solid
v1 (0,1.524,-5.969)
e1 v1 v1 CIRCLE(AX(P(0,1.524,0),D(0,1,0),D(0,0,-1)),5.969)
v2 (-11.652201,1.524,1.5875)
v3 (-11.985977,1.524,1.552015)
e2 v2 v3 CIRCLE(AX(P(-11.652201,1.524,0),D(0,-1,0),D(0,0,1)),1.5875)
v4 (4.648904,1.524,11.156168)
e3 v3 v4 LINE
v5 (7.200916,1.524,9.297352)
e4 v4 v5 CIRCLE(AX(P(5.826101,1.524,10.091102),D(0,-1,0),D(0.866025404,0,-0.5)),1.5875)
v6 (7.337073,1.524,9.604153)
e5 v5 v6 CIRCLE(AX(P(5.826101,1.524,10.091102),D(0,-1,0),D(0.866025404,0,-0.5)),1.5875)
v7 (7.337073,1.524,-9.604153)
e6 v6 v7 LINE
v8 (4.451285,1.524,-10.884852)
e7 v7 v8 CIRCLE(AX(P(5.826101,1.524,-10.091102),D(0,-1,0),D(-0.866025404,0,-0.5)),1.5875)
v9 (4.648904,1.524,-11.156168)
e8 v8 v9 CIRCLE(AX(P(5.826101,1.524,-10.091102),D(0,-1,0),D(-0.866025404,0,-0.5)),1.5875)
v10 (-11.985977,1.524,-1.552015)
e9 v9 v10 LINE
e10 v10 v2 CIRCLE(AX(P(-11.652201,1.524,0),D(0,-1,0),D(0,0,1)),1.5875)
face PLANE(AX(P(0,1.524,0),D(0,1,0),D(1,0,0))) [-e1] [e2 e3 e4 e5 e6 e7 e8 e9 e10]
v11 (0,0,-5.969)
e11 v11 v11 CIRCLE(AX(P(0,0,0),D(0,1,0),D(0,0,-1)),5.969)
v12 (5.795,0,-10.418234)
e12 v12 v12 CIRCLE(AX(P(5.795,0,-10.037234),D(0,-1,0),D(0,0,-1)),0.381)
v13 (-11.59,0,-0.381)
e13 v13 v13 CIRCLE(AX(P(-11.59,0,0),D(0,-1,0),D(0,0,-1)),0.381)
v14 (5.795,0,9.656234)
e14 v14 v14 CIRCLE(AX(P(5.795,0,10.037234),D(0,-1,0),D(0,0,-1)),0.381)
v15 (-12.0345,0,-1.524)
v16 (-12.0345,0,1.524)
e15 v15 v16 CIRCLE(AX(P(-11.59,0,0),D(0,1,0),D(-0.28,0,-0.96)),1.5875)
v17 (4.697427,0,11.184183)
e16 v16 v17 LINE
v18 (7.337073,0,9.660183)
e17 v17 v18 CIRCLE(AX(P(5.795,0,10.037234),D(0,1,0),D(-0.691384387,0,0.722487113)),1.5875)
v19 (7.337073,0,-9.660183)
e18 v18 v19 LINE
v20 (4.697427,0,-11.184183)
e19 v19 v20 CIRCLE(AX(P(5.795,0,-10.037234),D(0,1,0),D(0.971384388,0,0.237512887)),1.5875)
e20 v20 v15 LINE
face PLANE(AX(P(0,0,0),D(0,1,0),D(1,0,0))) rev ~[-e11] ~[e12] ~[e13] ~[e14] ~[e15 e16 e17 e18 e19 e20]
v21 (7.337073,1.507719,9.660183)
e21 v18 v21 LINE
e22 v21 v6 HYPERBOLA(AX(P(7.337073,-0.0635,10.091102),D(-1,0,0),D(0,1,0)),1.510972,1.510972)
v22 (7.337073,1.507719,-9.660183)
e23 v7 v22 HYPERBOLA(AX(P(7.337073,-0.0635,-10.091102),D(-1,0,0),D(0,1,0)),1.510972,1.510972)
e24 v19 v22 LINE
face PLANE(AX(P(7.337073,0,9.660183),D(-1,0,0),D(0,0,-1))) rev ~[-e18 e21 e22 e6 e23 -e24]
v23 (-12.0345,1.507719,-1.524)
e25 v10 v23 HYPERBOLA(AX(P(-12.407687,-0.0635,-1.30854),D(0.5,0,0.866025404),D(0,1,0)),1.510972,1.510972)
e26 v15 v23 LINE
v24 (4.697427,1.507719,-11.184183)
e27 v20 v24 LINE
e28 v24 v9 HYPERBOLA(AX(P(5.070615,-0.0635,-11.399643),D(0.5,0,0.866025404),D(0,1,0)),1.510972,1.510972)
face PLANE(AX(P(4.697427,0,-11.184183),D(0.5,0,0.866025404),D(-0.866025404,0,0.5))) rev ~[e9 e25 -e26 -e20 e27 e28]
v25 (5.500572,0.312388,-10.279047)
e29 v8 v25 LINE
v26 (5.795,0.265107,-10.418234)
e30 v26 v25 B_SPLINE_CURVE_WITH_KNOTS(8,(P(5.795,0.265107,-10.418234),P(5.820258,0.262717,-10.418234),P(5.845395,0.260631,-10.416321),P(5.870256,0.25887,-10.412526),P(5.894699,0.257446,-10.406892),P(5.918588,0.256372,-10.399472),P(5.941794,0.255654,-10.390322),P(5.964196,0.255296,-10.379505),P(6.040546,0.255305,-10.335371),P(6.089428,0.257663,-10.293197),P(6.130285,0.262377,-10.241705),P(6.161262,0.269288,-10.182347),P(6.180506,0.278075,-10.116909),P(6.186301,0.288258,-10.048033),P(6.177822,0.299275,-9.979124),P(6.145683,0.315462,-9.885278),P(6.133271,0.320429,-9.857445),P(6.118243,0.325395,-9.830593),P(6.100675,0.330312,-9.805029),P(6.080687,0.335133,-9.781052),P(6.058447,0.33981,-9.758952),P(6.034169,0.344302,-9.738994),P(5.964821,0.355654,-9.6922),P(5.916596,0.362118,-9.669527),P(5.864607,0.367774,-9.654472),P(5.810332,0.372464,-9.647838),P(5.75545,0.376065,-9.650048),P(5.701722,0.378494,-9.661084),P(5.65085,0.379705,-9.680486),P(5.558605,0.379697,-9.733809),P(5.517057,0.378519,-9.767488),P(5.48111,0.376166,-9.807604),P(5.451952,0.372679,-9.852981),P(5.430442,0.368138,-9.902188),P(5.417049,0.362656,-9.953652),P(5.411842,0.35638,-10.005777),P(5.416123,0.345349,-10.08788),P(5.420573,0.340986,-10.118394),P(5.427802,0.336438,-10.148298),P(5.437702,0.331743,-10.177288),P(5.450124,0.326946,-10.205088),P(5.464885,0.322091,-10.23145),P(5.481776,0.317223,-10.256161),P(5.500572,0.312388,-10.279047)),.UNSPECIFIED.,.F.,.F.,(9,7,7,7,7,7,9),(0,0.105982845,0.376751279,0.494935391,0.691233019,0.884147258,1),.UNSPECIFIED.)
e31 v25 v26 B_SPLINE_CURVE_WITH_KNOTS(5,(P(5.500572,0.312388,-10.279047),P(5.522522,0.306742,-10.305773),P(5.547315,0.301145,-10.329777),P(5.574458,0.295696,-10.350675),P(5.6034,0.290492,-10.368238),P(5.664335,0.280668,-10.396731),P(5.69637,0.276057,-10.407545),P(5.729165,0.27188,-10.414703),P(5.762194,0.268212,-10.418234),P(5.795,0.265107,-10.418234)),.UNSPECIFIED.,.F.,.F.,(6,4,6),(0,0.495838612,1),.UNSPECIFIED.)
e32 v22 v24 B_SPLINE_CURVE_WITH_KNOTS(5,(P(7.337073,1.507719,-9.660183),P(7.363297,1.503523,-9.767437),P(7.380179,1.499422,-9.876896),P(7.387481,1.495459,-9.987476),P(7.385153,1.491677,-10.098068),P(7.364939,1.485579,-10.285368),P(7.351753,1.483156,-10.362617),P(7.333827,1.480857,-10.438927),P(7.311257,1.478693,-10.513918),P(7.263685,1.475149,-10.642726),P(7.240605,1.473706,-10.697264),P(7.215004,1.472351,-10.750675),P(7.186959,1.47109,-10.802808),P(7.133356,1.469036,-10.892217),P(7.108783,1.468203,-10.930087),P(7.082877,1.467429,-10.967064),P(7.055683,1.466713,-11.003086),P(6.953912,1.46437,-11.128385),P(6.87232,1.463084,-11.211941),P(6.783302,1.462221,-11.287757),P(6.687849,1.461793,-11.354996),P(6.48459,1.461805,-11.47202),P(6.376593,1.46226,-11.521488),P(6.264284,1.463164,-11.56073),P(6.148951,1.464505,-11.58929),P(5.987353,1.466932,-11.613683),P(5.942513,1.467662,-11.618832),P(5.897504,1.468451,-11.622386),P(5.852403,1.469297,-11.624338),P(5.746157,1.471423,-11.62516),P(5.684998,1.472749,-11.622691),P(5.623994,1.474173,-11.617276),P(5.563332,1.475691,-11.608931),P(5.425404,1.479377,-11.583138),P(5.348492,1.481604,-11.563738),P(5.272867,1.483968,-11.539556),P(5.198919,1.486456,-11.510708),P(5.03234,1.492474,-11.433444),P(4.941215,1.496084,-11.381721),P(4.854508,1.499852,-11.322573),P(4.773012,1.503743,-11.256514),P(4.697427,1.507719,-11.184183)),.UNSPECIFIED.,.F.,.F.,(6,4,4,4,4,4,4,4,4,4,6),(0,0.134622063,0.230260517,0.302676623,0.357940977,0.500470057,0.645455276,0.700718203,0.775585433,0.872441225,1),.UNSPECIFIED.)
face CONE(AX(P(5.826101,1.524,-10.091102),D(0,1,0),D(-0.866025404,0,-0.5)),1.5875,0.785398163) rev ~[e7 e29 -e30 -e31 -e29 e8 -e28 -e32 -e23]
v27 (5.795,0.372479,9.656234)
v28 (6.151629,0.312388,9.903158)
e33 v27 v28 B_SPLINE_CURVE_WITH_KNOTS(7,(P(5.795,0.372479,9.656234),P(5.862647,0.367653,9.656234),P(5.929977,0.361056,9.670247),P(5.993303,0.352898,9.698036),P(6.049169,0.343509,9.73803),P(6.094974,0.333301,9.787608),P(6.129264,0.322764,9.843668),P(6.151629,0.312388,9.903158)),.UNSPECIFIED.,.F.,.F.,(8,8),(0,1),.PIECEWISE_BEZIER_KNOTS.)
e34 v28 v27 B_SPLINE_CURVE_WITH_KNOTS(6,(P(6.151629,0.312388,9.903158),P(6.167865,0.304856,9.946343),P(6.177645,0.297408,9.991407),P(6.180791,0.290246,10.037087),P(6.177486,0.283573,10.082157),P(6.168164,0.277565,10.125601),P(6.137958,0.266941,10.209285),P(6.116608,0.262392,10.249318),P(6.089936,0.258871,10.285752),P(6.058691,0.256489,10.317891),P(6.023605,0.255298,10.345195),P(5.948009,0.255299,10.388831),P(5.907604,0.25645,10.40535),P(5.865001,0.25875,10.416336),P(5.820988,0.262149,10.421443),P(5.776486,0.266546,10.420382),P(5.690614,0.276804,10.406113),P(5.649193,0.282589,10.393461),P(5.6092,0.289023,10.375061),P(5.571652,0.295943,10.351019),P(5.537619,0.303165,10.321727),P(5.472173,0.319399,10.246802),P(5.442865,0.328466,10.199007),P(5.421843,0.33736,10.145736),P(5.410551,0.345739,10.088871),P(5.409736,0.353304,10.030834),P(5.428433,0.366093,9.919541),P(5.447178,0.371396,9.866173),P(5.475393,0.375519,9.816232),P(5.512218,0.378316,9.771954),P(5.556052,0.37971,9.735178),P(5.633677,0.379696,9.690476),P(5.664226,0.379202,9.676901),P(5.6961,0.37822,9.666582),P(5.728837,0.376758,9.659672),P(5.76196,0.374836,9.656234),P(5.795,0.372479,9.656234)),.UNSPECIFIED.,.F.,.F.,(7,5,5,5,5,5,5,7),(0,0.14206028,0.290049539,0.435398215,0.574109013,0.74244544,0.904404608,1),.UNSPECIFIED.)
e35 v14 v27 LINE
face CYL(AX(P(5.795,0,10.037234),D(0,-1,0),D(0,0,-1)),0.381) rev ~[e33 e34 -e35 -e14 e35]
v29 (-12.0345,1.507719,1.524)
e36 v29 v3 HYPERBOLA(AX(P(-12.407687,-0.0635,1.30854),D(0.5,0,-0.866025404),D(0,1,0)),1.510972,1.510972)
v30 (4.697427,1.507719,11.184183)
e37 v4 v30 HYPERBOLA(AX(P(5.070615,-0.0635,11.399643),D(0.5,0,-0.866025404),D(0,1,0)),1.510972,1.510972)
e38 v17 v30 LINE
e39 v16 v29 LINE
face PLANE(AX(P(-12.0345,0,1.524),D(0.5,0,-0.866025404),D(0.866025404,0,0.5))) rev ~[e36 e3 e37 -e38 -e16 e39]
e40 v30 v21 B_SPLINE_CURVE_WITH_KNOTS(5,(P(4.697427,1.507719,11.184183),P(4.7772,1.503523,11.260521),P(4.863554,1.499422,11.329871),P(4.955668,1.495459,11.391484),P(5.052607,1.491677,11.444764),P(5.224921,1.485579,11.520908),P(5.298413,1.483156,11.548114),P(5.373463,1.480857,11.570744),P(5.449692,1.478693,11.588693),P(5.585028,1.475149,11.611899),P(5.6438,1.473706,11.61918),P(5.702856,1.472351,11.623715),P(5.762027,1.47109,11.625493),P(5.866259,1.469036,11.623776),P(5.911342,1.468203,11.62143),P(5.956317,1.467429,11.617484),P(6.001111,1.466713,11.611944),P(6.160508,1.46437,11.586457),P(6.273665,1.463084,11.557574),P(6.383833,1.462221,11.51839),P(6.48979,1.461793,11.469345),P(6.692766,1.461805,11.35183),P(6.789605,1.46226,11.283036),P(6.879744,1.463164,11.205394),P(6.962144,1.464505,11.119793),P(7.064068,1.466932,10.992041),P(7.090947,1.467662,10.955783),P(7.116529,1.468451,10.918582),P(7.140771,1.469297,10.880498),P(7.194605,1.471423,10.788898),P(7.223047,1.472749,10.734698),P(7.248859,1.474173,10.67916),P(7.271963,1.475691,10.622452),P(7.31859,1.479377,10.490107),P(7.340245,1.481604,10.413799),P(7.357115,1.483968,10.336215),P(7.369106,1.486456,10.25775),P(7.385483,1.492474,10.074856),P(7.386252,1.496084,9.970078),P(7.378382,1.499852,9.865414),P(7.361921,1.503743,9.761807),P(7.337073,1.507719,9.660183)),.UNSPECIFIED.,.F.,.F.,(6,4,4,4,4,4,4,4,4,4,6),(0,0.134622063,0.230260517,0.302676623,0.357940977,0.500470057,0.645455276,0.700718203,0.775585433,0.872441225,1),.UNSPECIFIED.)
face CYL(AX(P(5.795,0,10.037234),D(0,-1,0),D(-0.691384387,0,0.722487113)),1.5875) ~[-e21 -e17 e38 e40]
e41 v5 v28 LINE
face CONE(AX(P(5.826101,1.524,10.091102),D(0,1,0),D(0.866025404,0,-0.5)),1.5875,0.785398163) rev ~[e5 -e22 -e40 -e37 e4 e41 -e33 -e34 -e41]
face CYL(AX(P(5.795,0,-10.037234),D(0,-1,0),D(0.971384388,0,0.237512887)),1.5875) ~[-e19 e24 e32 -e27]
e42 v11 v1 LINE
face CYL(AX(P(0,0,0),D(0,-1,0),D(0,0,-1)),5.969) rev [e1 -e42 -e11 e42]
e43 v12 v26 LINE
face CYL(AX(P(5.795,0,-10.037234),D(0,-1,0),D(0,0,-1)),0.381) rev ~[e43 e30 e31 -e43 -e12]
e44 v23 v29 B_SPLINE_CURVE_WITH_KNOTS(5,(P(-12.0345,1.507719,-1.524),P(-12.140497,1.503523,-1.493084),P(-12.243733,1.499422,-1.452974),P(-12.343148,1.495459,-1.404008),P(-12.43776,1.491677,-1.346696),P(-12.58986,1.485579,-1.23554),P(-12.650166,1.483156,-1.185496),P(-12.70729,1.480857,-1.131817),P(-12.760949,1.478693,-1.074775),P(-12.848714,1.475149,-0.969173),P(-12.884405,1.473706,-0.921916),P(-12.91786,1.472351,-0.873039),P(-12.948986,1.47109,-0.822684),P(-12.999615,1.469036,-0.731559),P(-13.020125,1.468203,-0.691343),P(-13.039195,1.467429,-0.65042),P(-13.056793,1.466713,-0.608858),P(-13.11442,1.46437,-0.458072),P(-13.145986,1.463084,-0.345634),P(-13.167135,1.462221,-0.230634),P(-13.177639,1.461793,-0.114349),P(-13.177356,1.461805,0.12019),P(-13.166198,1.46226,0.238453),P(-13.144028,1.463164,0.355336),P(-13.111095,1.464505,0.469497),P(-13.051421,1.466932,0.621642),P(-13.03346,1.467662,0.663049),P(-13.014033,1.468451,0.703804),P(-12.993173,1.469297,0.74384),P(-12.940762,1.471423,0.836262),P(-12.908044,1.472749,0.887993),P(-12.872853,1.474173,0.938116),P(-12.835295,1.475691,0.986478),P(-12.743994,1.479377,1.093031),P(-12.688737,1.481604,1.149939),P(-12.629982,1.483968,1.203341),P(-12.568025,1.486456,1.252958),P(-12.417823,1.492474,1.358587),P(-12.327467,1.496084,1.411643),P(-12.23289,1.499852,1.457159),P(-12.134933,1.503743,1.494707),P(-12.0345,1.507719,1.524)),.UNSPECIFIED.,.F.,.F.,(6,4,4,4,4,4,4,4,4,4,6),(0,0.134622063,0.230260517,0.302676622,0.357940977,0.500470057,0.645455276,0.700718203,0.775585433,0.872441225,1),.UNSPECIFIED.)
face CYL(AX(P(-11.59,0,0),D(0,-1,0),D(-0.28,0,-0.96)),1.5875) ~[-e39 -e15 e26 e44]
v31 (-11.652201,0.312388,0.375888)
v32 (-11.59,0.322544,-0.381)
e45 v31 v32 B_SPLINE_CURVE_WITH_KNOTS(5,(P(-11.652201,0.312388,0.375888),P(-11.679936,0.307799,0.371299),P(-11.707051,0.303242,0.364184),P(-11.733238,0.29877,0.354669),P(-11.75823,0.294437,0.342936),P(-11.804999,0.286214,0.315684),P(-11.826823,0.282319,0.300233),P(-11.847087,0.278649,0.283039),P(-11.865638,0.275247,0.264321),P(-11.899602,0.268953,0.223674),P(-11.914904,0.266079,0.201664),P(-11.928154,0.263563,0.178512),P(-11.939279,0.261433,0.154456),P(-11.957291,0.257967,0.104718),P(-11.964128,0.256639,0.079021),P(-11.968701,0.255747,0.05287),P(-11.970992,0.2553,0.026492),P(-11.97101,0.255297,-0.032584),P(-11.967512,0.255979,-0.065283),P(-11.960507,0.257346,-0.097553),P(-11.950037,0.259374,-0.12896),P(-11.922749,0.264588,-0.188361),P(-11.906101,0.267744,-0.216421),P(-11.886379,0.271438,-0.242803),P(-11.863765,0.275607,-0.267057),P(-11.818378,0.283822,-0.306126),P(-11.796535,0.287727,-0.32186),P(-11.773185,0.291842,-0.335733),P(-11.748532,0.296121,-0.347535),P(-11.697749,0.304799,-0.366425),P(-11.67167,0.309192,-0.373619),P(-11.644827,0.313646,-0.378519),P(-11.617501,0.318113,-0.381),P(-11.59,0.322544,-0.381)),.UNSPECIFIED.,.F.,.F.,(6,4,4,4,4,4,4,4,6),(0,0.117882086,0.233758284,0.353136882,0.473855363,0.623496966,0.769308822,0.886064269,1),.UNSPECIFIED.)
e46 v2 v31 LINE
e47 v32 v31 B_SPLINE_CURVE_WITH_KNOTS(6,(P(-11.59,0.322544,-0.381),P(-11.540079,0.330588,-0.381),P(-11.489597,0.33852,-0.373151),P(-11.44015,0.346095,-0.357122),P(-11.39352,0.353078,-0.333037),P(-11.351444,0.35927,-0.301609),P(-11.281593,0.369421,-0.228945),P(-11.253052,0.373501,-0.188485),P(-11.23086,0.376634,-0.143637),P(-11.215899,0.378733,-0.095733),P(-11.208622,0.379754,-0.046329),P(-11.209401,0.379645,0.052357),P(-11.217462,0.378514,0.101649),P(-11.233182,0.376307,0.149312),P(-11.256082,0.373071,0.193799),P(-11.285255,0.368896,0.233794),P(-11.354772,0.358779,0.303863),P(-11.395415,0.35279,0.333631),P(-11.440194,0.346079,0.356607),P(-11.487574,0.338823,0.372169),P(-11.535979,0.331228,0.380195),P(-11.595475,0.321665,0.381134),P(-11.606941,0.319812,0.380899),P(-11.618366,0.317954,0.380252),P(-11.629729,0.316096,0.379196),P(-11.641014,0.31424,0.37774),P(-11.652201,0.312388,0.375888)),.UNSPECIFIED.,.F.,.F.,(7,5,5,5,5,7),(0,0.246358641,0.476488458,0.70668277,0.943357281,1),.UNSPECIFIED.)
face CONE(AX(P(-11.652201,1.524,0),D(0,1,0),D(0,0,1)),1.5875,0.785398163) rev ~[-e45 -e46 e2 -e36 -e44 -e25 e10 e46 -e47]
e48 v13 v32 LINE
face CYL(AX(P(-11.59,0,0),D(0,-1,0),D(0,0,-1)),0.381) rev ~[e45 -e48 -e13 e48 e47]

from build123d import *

# Parameters (mm, degrees)
SKETCH1_R           = 5.969
BOSS_EXTRUDE1_DEPTH = 1.524
CIRPATTERN1_COUNT   = 3
SKETCH4_R           = 0.381
CUT_EXTRUDE2_DEPTH  = 12.7


with BuildPart() as part:
    # Sketch1 → Boss-Extrude1 (new body)
    with BuildSketch(Plane(origin=(0, 0, 0), x_dir=(1, 0, 0), z_dir=(0, 1, 0))):
        with BuildLine():
            Line((-12.0345, -1.524), (4.697427285, -11.184182722))
            ThreePointArc((4.697427285, -11.184182722), (6.58875, -11.412049758), (7.337072715, -9.660182722))
            Line((7.337072715, -9.660182722), (7.337072715, 9.660182722))
            ThreePointArc((7.337072715, 9.660182722), (6.58875, 11.412049758), (4.697427285, 11.184182722))
            Line((4.697427285, 11.184182722), (-12.0345, 1.524))
            ThreePointArc((-12.0345, 1.524), (-13.1775, 0), (-12.0345, -1.524))
        make_face()
        with Locations(Location((0, 0, 0), (0, 0, 90))):
            Circle(SKETCH1_R, mode=Mode.SUBTRACT)
    extrude(amount=BOSS_EXTRUDE1_DEPTH)

    # Cut-Extrude1 cone 1 section (through the dimple's axis) → Cut-Extrude1 (revolve, cut)
    with BuildSketch(Plane(origin=(-11.65220136, 1.524, 0), x_dir=(0, 0, 1), z_dir=(1, 0, 0))):
        Polygon((0, 0), (1.5875, 0), (0, 1.5875), align=None)
    cut_extrude1 = revolve(axis=Axis((-11.65220136, 1.524, 0), (0, -1, 0)), mode=Mode.SUBTRACT)

    # CirPattern1: Cut-Extrude1 ×3 about axis
    cirpattern1_axis = Axis((0, 0, 0), (0, 1, 0))
    for i in range(1, CIRPATTERN1_COUNT):
        add(cut_extrude1.rotate(cirpattern1_axis, i * 360 / CIRPATTERN1_COUNT), mode=Mode.SUBTRACT)

    # Sketch4 → Cut-Extrude2 (cut)
    with BuildSketch(Plane.XZ):
        with Locations(Location((5.795, -10.03723443, 0), (0, 0, 270))):
            Circle(SKETCH4_R)
        with Locations(Location((-11.59, 0, 0), (0, 0, 270))):
            Circle(SKETCH4_R)
        with Locations(Location((5.795, 10.03723443, 0), (0, 0, 270))):
            Circle(SKETCH4_R)
    extrude(amount=-CUT_EXTRUDE2_DEPTH, mode=Mode.SUBTRACT)


solid = part.part
